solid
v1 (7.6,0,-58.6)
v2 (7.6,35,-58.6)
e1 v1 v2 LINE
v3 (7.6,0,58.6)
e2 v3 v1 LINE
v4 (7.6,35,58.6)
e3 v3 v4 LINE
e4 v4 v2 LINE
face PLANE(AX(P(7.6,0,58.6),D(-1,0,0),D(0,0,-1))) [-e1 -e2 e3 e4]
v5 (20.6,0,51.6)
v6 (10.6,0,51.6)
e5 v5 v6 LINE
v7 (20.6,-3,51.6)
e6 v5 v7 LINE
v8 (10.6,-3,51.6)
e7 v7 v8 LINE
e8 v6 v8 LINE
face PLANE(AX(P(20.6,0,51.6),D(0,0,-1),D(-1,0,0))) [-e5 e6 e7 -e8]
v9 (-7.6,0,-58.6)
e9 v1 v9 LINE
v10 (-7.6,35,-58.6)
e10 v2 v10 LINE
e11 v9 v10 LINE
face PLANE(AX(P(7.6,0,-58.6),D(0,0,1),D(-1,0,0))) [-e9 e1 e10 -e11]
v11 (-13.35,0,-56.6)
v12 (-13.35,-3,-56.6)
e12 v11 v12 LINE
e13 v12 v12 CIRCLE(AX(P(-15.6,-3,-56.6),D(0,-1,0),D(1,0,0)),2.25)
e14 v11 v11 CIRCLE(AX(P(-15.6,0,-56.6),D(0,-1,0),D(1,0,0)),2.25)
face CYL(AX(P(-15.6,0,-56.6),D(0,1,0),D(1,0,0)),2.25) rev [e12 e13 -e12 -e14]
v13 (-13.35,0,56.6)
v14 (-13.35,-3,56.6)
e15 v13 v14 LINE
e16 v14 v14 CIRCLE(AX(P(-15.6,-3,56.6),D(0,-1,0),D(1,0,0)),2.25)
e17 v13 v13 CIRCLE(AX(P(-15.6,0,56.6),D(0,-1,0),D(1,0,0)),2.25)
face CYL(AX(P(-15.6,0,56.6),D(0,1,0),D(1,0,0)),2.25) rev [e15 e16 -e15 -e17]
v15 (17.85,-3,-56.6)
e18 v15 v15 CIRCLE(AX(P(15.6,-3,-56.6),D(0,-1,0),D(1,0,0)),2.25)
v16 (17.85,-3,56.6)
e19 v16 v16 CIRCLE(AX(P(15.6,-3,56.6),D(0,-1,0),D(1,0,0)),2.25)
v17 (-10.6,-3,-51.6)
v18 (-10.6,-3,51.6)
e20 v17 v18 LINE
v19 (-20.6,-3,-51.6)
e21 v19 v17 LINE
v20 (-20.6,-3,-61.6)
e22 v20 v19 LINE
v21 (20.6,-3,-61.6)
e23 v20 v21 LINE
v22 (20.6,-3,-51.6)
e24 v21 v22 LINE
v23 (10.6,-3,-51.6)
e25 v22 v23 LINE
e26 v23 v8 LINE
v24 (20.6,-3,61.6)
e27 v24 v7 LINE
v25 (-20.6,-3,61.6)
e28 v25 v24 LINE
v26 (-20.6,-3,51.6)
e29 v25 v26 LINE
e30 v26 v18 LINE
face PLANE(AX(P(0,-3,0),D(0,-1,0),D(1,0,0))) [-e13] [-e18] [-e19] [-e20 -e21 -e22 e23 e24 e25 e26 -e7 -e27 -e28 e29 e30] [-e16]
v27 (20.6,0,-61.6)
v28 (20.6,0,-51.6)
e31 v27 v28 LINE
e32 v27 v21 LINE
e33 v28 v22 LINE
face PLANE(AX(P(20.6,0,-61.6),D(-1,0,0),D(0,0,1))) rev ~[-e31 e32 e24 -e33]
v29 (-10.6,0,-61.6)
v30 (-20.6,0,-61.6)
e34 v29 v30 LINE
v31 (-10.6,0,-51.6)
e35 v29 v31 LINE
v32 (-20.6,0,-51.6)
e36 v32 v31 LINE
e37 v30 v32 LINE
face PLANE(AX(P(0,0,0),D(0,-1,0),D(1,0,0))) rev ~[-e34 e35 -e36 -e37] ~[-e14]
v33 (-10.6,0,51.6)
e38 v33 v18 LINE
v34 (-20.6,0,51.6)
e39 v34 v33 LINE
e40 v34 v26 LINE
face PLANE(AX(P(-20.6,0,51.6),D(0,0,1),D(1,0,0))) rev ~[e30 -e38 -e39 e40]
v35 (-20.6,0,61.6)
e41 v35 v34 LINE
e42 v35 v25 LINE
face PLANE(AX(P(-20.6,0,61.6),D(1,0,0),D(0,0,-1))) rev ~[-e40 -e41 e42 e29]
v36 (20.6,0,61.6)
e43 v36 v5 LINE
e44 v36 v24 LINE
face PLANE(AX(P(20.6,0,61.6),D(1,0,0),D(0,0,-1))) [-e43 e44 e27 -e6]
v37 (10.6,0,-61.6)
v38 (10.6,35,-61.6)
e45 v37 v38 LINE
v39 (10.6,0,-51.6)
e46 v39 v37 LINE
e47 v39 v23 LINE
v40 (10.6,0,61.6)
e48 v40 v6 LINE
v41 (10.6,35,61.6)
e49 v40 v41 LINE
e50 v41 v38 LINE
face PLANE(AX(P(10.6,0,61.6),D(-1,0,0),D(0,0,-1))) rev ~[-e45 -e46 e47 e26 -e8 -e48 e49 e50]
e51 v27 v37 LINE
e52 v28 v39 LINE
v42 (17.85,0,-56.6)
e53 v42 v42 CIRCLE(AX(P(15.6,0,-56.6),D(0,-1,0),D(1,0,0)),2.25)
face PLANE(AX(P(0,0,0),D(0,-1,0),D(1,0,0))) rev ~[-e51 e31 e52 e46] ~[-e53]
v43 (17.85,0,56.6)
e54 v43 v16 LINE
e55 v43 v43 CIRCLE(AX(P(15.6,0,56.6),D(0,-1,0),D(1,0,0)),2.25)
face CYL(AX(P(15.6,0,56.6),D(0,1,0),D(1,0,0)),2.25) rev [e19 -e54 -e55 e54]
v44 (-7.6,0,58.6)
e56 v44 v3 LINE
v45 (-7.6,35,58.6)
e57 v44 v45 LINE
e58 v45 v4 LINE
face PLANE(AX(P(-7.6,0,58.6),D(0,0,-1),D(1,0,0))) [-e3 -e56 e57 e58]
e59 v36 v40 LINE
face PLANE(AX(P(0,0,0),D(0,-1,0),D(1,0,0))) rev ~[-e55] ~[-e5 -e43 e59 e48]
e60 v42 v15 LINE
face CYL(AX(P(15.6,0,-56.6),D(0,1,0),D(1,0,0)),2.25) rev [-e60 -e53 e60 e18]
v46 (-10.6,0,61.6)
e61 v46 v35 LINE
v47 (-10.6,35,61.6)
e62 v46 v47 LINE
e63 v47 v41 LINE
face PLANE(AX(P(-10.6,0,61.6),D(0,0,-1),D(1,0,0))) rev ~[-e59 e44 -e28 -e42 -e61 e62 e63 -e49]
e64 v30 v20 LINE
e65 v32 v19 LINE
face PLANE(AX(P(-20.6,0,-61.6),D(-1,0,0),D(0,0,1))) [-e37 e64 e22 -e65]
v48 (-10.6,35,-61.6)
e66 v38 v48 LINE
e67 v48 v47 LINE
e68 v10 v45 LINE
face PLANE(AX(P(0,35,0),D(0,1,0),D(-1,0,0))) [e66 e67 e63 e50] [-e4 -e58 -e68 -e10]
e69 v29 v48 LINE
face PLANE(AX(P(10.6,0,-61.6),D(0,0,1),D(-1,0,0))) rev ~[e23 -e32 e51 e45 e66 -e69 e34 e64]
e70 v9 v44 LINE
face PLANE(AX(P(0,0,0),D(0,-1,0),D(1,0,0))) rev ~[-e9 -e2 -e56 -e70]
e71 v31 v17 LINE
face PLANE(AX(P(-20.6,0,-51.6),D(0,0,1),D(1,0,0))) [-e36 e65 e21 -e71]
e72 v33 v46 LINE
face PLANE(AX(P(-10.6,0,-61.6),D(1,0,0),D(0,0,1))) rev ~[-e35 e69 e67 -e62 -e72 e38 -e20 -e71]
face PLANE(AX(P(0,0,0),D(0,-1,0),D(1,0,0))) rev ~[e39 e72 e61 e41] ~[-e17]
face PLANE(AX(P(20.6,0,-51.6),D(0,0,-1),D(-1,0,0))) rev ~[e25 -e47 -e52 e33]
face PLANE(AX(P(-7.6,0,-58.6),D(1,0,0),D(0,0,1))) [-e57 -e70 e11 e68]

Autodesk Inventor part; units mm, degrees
ref_plane "YZ Plane" through (0, 0, 0) normal (1, 0, 0) x (0, 1, 0)
ref_plane "XZ Plane" through (0, 0, 0) normal (0, 1, 0) x (-1, 0, 0)
ref_plane "XY Plane" through (0, 0, 0) normal (0, 0, 1) x (1, 0, 0)
sketch "Sketch1" plane through (0, 0, 0) normal (0, 1, 0) x (-1, 0, 0)
  line L0 (7.6, 58.6) -> (-7.6, 58.6)
  line L1 (-7.6, 58.6) -> (-7.6, -58.6)
  line L2 (-7.6, -58.6) -> (7.6, -58.6)
  line L3 (7.6, -58.6) -> (7.6, 58.6)
  line L4 (7.6, 58.6) -> (-7.6, -58.6) construction
  line L5 (-7.6, 58.6) -> (7.6, -58.6) construction
  line L6 (10.6, 61.6) -> (-10.6, 61.6)
  line L7 (-10.6, 61.6) -> (-10.6, -61.6)
  line L8 (-10.6, -61.6) -> (10.6, -61.6)
  line L9 (10.6, -61.6) -> (10.6, 61.6)
  point P0 (0, 0)
  dimension "d0" = 15.2
  dimension "d1" = 117.2
  dimension "d2" = 3
extrude "Extrusion1" add sketch "Sketch1" along normal blind 35
sketch "Sketch2" plane through (0, 0, 0) normal (0, -1, 0) x (1, 0, 0)
  circle A0 centre (15.6, 56.6) radius 2.25
  line L0 (10.6, 61.6) -> (10.6, -61.6) projected
  line L1 (-10.6, 61.6) -> (10.6, 61.6) projected
  line L2 (10.6, 0) -> (40.0952, 0)
  line L3 (10.6, -61.6) -> (-10.6, -61.6) projected
  line L4 (0, -61.6) -> (0, -71.4925)
  line L5 (10.6, 61.6) -> (20.6, 61.6)
  line L6 (20.6, 61.6) -> (20.6, 51.6)
  line L7 (20.6, 51.6) -> (10.6, 51.6)
  line L8 (10.6, 51.6) -> (10.6, 61.6)
  line L9 (-10.6, 61.6) -> (10.6, 61.6)
  line L10 (10.6, 61.6) -> (10.6, -61.6)
  line L11 (10.6, -61.6) -> (-10.6, -61.6)
  line L12 (-10.6, -61.6) -> (-10.6, 61.6)
  circle A1 centre (15.6, -56.6) radius 2.25
  line L13 (10.6, -61.6) -> (20.6, -61.6)
  line L14 (20.6, -61.6) -> (20.6, -51.6)
  line L15 (20.6, -51.6) -> (10.6, -51.6)
  line L16 (10.6, -51.6) -> (10.6, -61.6)
  circle A2 centre (-15.6, 56.6) radius 2.25
  line L17 (-10.6, 61.6) -> (-20.6, 61.6)
  line L18 (-20.6, 61.6) -> (-20.6, 51.6)
  line L19 (-20.6, 51.6) -> (-10.6, 51.6)
  line L20 (-10.6, 51.6) -> (-10.6, 61.6)
  line L21 (-20.6, -51.6) -> (-10.6, -51.6)
  circle A3 centre (-15.6, -56.6) radius 2.25
  line L22 (-10.6, -61.6) -> (-20.6, -61.6)
  line L23 (-20.6, -61.6) -> (-20.6, -51.6)
  line L24 (-10.6, -51.6) -> (-10.6, -61.6)
  point P0 (0, 0)
  dimension "d5" = 4.5
  dimension "d6" = 5
  dimension "d7" = 5
  dimension "d8" = 5
  dimension "d9" = 5
extrude "Extrusion2" add sketch "Sketch2" along normal blind 3
properties part number "HDD_fastening"
